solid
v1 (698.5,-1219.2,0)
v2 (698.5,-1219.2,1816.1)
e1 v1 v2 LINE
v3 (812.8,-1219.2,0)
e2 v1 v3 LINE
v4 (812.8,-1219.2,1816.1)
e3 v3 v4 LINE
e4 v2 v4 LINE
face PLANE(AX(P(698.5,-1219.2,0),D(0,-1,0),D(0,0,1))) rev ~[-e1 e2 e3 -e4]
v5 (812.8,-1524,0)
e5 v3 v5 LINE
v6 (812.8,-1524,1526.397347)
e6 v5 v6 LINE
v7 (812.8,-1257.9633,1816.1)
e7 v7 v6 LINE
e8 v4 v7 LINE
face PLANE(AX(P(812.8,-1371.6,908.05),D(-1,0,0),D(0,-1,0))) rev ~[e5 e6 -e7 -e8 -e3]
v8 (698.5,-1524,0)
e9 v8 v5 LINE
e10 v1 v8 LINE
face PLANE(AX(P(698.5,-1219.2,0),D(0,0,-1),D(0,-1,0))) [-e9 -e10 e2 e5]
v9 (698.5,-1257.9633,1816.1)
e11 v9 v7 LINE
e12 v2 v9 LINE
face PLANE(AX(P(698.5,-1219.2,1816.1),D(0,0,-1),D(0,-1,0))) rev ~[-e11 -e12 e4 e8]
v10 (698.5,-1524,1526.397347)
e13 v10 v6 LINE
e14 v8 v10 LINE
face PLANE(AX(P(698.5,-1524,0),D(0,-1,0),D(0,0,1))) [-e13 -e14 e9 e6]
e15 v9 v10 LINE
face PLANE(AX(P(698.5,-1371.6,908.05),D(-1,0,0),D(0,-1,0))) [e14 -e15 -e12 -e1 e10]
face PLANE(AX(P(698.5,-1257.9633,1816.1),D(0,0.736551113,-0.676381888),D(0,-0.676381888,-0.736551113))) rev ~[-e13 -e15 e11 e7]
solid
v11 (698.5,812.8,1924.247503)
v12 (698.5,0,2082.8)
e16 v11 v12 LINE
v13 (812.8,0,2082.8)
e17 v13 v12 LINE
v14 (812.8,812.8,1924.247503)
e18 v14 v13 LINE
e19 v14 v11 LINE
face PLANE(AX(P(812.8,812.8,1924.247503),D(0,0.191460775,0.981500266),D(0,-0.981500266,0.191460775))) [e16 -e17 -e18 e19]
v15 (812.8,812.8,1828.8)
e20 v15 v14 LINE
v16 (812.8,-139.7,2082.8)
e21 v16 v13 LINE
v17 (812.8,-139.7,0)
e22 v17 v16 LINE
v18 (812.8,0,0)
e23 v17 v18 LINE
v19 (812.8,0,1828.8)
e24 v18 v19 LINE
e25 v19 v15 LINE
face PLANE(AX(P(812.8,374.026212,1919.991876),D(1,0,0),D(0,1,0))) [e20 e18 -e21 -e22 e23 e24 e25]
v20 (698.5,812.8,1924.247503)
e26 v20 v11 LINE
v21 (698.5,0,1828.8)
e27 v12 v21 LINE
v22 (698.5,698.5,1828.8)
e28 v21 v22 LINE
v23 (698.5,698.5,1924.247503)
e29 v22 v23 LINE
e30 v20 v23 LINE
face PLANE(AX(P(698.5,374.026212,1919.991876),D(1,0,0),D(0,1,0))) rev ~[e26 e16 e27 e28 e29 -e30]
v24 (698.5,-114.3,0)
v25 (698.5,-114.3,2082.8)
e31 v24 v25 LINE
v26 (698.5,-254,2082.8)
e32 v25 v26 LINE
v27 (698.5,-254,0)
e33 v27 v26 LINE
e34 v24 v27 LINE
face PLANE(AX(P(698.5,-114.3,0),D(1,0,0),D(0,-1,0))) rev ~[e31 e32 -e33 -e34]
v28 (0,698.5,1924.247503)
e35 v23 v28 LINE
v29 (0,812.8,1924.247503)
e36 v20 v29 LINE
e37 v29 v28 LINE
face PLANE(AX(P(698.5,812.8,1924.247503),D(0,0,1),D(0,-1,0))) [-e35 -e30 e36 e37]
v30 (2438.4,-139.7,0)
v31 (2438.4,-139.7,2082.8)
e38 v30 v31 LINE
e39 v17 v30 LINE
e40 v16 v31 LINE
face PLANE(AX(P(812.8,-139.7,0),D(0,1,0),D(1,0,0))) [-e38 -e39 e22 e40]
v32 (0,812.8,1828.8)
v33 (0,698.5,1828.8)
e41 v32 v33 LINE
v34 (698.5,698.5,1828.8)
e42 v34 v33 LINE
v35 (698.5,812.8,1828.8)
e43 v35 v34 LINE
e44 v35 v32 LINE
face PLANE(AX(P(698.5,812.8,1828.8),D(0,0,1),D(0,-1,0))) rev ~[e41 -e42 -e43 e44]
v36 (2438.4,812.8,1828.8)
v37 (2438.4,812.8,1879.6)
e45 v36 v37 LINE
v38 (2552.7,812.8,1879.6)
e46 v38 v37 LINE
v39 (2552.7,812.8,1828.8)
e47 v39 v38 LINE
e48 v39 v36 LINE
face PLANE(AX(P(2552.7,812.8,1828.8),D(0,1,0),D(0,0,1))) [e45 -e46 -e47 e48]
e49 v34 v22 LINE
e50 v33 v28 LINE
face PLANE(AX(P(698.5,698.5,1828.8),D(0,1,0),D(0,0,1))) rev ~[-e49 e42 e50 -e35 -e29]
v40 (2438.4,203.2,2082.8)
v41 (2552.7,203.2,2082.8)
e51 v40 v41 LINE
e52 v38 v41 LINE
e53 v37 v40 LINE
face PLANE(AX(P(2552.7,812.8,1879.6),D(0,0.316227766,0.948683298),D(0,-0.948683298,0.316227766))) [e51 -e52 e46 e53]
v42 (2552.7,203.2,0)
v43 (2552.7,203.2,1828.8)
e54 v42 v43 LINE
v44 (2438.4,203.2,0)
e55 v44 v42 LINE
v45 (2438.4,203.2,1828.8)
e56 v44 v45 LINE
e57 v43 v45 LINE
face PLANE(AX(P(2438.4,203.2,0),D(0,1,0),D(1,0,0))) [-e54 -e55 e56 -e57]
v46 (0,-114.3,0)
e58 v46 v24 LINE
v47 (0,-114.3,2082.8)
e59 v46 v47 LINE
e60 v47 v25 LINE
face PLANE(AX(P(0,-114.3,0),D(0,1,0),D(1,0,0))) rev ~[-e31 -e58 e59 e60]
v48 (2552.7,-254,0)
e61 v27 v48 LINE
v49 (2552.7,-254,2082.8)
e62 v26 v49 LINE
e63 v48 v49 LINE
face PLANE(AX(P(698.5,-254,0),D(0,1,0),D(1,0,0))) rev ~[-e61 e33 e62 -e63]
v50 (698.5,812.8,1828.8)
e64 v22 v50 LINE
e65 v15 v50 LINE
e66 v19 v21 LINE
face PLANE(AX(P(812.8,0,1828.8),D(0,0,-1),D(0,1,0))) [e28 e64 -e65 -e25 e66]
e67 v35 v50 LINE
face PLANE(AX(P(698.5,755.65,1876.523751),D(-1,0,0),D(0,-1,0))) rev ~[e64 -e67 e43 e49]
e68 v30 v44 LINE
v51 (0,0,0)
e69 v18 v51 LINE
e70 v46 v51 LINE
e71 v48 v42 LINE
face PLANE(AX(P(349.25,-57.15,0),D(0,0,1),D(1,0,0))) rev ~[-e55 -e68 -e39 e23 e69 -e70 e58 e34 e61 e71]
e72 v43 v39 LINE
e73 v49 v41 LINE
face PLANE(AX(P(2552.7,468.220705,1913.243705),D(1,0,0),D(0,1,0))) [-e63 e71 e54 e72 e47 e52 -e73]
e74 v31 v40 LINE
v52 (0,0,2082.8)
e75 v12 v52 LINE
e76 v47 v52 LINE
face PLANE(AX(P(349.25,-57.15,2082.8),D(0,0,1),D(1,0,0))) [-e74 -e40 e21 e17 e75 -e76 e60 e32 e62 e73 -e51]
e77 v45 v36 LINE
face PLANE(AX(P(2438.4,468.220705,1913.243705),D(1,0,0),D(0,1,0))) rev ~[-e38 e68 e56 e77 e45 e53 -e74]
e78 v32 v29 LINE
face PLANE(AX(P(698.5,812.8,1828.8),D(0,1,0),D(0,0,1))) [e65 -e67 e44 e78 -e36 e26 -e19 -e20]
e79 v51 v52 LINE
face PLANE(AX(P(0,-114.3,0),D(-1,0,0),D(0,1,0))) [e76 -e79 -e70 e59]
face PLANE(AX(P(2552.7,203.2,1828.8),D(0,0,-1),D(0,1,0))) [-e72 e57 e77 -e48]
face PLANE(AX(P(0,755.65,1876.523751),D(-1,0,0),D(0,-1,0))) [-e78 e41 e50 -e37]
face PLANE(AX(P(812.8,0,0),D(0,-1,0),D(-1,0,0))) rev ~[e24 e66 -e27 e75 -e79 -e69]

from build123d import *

# Parameters (mm, degrees)
F0_W      = 698.5
F0_H      = 114.3
F0_W_2    = 114.3
F0_H_2    = 25.4
F0_W_3    = 1625.6
F0_H_3    = 342.9
F1_DEPTH  = 2082.8
F2_W      = 304.8
F2_H      = 1816.1
F3_DEPTH  = 114.3
F5_DEPTH  = 203.2
F7_DEPTH  = 114.3
F9_DEPTH  = 114.3
F10_W     = 114.3
F10_H     = 95.447503
F11_DEPTH = 698.5


with BuildPart() as f1:
    # F0 (on Top) → F1 (new body)
    with BuildSketch(Plane.XY):
        with Locations((349.25, -57.15)):
            Rectangle(F0_W, F0_H)
        with Locations((755.65, -57.15)):
            Rectangle(F0_W_2, F0_H)
        with Locations((755.65, -127)):
            Rectangle(F0_W_2, F0_H_2)
        with Locations((755.65, -196.85)):
            Rectangle(F0_W_2, F0_H)
        with Locations((1625.6, -196.85)):
            Rectangle(F0_W_3, F0_H)
        with Locations((2495.55, 31.75)):
            Rectangle(F0_W_2, F0_H_3)
        with Locations((2495.55, -196.85)):
            Rectangle(F0_W_2, F0_H)
    extrude(amount=F1_DEPTH)

    # F6 (on face) → F7 (join)
    with BuildSketch(Plane.YZ.offset(2552.7)):
        Polygon((203.2, 2082.8), (203.2, 1828.8), (812.8, 1828.8), (812.8, 1879.6), align=None)
    extrude(amount=-F7_DEPTH)

    # F8 (on face) → F9 (join)
    with BuildSketch(Plane.YZ.offset(812.8)):
        Polygon((0, 2082.8), (0, 1828.8), (812.8, 1828.8), (812.8, 1924.247503), align=None)
    extrude(amount=-F9_DEPTH)

    # F10 (on face) → F11 (join)
    with BuildSketch(Plane(origin=(698.5, 0, 0), x_dir=(0, -1, 0), z_dir=(-1, 0, 0))):
        with Locations((-755.65, 1876.523751)):
            Rectangle(F10_W, F10_H)
    extrude(amount=F11_DEPTH)


with BuildPart() as f3:
    # F2 (on face) → F3 (new body)
    with BuildSketch(Plane(origin=(698.5, 0, 0), x_dir=(0, -1, 0), z_dir=(-1, 0, 0))):
        with Locations((1371.6, 908.05)):
            Rectangle(F2_W, F2_H)
    extrude(amount=-F3_DEPTH)

    # F4 (on face) → F5 (cut)
    with BuildSketch(Plane(origin=(698.5, 0, 0), x_dir=(0, -1, 0), z_dir=(-1, 0, 0))):
        Polygon((1524, 1816.1), (1257.9633, 1816.1), (1524, 1526.397347), align=None)
    extrude(amount=-F5_DEPTH, mode=Mode.SUBTRACT)


solid = Compound([f1.part, f3.part])
